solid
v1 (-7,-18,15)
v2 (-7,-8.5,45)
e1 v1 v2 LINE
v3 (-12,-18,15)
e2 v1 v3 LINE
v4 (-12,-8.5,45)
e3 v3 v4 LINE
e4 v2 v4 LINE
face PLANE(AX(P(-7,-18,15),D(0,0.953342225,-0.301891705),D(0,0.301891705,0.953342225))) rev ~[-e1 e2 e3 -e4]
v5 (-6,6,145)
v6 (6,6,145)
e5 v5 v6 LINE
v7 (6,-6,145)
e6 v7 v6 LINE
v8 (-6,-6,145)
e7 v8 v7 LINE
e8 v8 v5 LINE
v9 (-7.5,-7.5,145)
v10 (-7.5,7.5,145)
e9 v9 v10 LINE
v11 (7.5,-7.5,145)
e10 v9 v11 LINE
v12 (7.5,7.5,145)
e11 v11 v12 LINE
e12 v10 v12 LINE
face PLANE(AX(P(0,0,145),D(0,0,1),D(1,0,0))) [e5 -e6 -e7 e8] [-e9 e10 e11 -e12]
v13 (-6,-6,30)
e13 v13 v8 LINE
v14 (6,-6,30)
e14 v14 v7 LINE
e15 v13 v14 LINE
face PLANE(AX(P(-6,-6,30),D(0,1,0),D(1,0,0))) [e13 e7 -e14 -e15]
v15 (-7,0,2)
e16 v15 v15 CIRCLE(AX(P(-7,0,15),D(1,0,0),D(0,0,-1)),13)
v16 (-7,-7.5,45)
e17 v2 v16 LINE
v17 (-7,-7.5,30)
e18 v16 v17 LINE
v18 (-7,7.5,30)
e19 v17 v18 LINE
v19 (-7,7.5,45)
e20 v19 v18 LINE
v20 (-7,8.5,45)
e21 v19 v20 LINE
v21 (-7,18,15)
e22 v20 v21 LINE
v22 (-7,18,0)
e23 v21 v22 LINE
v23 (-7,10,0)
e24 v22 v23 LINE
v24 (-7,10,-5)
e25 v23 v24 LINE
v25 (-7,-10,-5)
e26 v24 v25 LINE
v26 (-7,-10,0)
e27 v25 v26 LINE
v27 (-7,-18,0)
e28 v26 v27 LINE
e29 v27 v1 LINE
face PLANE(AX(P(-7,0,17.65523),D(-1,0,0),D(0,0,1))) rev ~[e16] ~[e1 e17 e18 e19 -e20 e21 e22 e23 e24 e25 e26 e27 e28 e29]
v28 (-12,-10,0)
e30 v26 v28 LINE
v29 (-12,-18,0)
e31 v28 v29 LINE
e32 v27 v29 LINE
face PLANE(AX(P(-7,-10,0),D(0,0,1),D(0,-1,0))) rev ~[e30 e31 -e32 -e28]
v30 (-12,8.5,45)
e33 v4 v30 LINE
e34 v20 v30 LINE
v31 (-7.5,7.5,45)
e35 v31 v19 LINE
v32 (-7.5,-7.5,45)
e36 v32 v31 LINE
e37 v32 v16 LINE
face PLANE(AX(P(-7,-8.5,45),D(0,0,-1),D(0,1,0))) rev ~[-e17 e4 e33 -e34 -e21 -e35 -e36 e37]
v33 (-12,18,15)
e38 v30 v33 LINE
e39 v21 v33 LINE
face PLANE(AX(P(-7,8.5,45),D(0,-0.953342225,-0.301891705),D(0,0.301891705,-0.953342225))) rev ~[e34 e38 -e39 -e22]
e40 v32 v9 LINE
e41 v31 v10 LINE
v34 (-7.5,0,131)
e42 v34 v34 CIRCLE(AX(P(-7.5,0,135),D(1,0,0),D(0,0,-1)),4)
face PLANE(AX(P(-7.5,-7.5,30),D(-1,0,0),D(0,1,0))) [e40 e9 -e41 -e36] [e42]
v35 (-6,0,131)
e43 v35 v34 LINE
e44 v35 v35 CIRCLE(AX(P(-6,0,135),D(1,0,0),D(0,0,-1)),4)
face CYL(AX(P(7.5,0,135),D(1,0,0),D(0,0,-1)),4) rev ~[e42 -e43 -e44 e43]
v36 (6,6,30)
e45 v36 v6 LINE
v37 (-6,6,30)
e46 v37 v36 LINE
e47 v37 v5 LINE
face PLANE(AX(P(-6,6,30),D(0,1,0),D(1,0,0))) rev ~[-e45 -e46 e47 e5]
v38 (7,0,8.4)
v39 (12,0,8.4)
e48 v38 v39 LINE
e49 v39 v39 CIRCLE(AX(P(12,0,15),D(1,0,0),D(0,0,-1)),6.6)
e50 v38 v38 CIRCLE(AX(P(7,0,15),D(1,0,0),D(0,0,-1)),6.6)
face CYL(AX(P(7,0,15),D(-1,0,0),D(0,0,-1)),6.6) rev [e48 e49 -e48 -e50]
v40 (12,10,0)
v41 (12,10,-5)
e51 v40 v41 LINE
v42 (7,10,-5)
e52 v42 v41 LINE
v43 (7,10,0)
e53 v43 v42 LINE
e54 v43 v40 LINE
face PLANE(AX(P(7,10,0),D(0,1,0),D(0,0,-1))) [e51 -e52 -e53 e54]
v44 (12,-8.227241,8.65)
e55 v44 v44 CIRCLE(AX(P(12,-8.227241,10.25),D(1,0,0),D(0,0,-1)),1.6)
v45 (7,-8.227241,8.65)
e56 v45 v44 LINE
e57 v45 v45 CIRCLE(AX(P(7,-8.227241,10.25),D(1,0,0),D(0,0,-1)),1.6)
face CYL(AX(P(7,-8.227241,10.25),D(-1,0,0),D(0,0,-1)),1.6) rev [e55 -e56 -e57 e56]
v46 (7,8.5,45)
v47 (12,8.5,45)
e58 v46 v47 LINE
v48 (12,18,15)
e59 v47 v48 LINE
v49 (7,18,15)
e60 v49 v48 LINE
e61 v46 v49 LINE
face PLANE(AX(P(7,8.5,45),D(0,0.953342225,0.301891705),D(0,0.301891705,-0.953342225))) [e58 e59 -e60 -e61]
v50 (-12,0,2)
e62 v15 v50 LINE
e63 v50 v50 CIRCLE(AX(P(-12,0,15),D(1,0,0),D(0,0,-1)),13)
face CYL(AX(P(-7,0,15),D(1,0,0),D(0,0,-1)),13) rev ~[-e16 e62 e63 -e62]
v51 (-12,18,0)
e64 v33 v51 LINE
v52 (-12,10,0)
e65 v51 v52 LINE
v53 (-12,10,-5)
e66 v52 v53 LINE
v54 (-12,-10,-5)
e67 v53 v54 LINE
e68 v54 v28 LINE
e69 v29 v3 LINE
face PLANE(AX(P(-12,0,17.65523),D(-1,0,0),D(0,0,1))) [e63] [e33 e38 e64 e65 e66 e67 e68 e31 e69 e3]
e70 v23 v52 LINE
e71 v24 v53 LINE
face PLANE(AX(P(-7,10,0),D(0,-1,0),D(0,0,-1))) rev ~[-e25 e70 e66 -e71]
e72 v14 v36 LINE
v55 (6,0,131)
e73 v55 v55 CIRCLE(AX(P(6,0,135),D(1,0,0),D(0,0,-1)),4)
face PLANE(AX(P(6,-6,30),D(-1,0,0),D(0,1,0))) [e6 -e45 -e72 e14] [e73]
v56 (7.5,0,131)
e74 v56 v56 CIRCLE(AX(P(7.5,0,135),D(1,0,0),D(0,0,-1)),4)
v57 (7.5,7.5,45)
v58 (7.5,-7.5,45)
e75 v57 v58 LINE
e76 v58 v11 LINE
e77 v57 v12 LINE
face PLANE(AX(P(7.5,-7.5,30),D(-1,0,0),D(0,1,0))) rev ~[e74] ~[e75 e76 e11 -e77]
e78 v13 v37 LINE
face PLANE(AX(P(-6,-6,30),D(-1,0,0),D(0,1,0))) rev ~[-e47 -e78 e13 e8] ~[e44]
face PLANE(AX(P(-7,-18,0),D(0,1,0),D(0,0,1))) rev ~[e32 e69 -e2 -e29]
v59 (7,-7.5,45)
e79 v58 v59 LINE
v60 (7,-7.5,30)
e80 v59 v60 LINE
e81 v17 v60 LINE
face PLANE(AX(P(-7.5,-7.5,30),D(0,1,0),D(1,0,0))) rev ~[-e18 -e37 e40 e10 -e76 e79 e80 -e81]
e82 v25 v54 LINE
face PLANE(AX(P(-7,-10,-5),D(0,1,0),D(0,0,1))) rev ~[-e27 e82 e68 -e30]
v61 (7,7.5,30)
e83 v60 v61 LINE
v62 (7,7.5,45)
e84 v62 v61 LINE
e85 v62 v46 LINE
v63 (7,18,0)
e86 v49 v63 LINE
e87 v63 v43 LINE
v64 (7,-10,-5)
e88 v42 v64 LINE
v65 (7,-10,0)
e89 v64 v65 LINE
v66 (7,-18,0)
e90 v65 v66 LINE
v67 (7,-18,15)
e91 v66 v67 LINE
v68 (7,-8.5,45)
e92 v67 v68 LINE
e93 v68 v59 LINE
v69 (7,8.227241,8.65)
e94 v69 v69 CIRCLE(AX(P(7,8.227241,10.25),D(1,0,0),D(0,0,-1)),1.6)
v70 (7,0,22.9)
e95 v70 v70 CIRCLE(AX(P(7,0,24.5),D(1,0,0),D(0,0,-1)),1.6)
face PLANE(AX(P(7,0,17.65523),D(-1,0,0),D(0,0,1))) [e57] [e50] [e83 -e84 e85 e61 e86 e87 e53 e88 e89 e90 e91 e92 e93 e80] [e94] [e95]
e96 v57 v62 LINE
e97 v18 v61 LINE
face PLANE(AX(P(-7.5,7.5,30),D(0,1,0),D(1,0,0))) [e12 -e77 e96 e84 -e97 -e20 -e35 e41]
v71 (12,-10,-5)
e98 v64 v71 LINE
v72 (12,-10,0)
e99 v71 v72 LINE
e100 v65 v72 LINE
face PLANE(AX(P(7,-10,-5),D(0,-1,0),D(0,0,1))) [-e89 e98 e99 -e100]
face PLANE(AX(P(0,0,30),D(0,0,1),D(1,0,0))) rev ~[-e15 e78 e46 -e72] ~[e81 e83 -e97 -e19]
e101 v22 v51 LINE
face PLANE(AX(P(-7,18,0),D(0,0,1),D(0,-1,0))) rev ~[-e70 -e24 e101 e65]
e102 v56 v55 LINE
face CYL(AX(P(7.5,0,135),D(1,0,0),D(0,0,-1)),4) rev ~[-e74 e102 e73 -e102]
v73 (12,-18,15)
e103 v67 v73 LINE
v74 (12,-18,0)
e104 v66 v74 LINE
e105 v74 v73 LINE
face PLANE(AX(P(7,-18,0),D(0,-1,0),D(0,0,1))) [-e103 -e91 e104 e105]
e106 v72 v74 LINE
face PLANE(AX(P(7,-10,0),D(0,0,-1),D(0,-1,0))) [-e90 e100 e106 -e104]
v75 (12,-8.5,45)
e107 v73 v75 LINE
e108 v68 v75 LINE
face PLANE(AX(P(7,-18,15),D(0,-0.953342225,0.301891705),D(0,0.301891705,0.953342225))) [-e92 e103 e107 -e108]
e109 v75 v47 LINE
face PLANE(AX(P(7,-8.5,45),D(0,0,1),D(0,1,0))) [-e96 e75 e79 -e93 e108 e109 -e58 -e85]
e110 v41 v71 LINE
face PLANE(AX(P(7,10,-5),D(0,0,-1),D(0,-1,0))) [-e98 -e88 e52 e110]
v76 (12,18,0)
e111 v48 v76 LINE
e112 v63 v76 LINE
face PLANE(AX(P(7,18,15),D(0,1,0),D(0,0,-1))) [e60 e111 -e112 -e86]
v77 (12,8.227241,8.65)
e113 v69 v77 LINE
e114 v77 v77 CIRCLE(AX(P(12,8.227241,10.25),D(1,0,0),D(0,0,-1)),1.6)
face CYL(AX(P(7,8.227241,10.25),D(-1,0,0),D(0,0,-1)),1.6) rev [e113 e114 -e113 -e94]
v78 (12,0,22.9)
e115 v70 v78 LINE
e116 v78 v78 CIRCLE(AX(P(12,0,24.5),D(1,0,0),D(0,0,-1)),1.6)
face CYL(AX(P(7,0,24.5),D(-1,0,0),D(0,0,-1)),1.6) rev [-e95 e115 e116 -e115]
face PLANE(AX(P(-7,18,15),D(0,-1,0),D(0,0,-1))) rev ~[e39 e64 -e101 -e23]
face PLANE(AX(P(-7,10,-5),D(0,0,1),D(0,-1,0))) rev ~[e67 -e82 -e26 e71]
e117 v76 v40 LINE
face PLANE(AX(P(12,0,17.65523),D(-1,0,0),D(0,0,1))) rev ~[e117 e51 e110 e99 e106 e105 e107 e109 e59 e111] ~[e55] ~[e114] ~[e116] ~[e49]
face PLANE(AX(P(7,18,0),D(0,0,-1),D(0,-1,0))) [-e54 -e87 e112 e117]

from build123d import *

# Parameters (mm, degrees)
SKETCH_3_R           = 6.6
SKETCH_3_R_2         = 1.6
EXTRUDE_1_DEPTH      = 5
SKETCH_5_R           = 13
EXTRUDE_2_DEPTH      = 5
EXTRUDE_3_DEPTH      = 100
EXTRUDE_3_DEPTH_BACK = 15
SKETCH_6_W           = 15
SKETCH_6_H           = 15
SKETCH_6_W_2         = 12
SKETCH_6_H_2         = 12
SKETCH_7_R           = 4
CUT_EXTRUDE_1_DEPTH  = 148.408446162


with BuildPart() as part:
    # ｽｹｯﾁ3 → ﾎﾞｽ - 押し出し1 (new body)
    with BuildSketch(Plane(origin=(7, 0, 0), x_dir=(0, 0, -1), z_dir=(1, 0, 0))):
        Polygon((5, 10), (5, -10), (0, -10), (0, -18), (-15, -18), (-45, -8.5), (-45, 8.5), (-15, 18), (0, 18), (0, 10), align=None)
        with Locations((-15, 0)):
            Circle(SKETCH_3_R, mode=Mode.SUBTRACT)
        with Locations((-24.5, 0)):
            Circle(SKETCH_3_R_2, mode=Mode.SUBTRACT)
        with Locations((-10.25, 8.227241336)):
            Circle(SKETCH_3_R_2, mode=Mode.SUBTRACT)
        with Locations((-10.25, -8.227241336)):
            Circle(SKETCH_3_R_2, mode=Mode.SUBTRACT)
    extrude(amount=EXTRUDE_1_DEPTH)



with BuildPart() as body_2:
    # ｽｹｯﾁ5 → ﾎﾞｽ - 押し出し2 (new body)
    with BuildSketch(Plane(origin=(-7, 0, 0), x_dir=(0, 0, -1), z_dir=(1, 0, 0))):
        Polygon((-45, -8.5), (-45, 8.5), (-15, 18), (0, 18), (0, 10), (5, 10), (5, -10), (0, -10), (0, -18), (-15, -18), align=None)
        with Locations((-15, 0)):
            Circle(SKETCH_5_R, mode=Mode.SUBTRACT)
    extrude(amount=-EXTRUDE_2_DEPTH)


with BuildPart() as part_1:
    add(part.part)

    add(body_2.part)  # ﾎﾞｽ - 押し出し3 merges body 2
    # ｽｹｯﾁ6 → ﾎﾞｽ - 押し出し3 (add, two sides: drawn at the far end of the back side and taken through both)
    with BuildSketch(Plane.XY.offset(45).offset(-EXTRUDE_3_DEPTH_BACK)):
        Rectangle(SKETCH_6_W, SKETCH_6_H)
        Rectangle(SKETCH_6_W_2, SKETCH_6_H_2, mode=Mode.SUBTRACT)
    extrude(amount=EXTRUDE_3_DEPTH + EXTRUDE_3_DEPTH_BACK)

    # ｽｹｯﾁ7 → ｶｯﾄ - 押し出し1 (cut, through all)
    with BuildSketch(Plane(origin=(7.5, 0, 0), x_dir=(0, 0, -1), z_dir=(1, 0, 0))):
        with Locations((-135, 0)):
            Circle(SKETCH_7_R)
    extrude(amount=-CUT_EXTRUDE_1_DEPTH, mode=Mode.SUBTRACT)


solid = part_1.part
